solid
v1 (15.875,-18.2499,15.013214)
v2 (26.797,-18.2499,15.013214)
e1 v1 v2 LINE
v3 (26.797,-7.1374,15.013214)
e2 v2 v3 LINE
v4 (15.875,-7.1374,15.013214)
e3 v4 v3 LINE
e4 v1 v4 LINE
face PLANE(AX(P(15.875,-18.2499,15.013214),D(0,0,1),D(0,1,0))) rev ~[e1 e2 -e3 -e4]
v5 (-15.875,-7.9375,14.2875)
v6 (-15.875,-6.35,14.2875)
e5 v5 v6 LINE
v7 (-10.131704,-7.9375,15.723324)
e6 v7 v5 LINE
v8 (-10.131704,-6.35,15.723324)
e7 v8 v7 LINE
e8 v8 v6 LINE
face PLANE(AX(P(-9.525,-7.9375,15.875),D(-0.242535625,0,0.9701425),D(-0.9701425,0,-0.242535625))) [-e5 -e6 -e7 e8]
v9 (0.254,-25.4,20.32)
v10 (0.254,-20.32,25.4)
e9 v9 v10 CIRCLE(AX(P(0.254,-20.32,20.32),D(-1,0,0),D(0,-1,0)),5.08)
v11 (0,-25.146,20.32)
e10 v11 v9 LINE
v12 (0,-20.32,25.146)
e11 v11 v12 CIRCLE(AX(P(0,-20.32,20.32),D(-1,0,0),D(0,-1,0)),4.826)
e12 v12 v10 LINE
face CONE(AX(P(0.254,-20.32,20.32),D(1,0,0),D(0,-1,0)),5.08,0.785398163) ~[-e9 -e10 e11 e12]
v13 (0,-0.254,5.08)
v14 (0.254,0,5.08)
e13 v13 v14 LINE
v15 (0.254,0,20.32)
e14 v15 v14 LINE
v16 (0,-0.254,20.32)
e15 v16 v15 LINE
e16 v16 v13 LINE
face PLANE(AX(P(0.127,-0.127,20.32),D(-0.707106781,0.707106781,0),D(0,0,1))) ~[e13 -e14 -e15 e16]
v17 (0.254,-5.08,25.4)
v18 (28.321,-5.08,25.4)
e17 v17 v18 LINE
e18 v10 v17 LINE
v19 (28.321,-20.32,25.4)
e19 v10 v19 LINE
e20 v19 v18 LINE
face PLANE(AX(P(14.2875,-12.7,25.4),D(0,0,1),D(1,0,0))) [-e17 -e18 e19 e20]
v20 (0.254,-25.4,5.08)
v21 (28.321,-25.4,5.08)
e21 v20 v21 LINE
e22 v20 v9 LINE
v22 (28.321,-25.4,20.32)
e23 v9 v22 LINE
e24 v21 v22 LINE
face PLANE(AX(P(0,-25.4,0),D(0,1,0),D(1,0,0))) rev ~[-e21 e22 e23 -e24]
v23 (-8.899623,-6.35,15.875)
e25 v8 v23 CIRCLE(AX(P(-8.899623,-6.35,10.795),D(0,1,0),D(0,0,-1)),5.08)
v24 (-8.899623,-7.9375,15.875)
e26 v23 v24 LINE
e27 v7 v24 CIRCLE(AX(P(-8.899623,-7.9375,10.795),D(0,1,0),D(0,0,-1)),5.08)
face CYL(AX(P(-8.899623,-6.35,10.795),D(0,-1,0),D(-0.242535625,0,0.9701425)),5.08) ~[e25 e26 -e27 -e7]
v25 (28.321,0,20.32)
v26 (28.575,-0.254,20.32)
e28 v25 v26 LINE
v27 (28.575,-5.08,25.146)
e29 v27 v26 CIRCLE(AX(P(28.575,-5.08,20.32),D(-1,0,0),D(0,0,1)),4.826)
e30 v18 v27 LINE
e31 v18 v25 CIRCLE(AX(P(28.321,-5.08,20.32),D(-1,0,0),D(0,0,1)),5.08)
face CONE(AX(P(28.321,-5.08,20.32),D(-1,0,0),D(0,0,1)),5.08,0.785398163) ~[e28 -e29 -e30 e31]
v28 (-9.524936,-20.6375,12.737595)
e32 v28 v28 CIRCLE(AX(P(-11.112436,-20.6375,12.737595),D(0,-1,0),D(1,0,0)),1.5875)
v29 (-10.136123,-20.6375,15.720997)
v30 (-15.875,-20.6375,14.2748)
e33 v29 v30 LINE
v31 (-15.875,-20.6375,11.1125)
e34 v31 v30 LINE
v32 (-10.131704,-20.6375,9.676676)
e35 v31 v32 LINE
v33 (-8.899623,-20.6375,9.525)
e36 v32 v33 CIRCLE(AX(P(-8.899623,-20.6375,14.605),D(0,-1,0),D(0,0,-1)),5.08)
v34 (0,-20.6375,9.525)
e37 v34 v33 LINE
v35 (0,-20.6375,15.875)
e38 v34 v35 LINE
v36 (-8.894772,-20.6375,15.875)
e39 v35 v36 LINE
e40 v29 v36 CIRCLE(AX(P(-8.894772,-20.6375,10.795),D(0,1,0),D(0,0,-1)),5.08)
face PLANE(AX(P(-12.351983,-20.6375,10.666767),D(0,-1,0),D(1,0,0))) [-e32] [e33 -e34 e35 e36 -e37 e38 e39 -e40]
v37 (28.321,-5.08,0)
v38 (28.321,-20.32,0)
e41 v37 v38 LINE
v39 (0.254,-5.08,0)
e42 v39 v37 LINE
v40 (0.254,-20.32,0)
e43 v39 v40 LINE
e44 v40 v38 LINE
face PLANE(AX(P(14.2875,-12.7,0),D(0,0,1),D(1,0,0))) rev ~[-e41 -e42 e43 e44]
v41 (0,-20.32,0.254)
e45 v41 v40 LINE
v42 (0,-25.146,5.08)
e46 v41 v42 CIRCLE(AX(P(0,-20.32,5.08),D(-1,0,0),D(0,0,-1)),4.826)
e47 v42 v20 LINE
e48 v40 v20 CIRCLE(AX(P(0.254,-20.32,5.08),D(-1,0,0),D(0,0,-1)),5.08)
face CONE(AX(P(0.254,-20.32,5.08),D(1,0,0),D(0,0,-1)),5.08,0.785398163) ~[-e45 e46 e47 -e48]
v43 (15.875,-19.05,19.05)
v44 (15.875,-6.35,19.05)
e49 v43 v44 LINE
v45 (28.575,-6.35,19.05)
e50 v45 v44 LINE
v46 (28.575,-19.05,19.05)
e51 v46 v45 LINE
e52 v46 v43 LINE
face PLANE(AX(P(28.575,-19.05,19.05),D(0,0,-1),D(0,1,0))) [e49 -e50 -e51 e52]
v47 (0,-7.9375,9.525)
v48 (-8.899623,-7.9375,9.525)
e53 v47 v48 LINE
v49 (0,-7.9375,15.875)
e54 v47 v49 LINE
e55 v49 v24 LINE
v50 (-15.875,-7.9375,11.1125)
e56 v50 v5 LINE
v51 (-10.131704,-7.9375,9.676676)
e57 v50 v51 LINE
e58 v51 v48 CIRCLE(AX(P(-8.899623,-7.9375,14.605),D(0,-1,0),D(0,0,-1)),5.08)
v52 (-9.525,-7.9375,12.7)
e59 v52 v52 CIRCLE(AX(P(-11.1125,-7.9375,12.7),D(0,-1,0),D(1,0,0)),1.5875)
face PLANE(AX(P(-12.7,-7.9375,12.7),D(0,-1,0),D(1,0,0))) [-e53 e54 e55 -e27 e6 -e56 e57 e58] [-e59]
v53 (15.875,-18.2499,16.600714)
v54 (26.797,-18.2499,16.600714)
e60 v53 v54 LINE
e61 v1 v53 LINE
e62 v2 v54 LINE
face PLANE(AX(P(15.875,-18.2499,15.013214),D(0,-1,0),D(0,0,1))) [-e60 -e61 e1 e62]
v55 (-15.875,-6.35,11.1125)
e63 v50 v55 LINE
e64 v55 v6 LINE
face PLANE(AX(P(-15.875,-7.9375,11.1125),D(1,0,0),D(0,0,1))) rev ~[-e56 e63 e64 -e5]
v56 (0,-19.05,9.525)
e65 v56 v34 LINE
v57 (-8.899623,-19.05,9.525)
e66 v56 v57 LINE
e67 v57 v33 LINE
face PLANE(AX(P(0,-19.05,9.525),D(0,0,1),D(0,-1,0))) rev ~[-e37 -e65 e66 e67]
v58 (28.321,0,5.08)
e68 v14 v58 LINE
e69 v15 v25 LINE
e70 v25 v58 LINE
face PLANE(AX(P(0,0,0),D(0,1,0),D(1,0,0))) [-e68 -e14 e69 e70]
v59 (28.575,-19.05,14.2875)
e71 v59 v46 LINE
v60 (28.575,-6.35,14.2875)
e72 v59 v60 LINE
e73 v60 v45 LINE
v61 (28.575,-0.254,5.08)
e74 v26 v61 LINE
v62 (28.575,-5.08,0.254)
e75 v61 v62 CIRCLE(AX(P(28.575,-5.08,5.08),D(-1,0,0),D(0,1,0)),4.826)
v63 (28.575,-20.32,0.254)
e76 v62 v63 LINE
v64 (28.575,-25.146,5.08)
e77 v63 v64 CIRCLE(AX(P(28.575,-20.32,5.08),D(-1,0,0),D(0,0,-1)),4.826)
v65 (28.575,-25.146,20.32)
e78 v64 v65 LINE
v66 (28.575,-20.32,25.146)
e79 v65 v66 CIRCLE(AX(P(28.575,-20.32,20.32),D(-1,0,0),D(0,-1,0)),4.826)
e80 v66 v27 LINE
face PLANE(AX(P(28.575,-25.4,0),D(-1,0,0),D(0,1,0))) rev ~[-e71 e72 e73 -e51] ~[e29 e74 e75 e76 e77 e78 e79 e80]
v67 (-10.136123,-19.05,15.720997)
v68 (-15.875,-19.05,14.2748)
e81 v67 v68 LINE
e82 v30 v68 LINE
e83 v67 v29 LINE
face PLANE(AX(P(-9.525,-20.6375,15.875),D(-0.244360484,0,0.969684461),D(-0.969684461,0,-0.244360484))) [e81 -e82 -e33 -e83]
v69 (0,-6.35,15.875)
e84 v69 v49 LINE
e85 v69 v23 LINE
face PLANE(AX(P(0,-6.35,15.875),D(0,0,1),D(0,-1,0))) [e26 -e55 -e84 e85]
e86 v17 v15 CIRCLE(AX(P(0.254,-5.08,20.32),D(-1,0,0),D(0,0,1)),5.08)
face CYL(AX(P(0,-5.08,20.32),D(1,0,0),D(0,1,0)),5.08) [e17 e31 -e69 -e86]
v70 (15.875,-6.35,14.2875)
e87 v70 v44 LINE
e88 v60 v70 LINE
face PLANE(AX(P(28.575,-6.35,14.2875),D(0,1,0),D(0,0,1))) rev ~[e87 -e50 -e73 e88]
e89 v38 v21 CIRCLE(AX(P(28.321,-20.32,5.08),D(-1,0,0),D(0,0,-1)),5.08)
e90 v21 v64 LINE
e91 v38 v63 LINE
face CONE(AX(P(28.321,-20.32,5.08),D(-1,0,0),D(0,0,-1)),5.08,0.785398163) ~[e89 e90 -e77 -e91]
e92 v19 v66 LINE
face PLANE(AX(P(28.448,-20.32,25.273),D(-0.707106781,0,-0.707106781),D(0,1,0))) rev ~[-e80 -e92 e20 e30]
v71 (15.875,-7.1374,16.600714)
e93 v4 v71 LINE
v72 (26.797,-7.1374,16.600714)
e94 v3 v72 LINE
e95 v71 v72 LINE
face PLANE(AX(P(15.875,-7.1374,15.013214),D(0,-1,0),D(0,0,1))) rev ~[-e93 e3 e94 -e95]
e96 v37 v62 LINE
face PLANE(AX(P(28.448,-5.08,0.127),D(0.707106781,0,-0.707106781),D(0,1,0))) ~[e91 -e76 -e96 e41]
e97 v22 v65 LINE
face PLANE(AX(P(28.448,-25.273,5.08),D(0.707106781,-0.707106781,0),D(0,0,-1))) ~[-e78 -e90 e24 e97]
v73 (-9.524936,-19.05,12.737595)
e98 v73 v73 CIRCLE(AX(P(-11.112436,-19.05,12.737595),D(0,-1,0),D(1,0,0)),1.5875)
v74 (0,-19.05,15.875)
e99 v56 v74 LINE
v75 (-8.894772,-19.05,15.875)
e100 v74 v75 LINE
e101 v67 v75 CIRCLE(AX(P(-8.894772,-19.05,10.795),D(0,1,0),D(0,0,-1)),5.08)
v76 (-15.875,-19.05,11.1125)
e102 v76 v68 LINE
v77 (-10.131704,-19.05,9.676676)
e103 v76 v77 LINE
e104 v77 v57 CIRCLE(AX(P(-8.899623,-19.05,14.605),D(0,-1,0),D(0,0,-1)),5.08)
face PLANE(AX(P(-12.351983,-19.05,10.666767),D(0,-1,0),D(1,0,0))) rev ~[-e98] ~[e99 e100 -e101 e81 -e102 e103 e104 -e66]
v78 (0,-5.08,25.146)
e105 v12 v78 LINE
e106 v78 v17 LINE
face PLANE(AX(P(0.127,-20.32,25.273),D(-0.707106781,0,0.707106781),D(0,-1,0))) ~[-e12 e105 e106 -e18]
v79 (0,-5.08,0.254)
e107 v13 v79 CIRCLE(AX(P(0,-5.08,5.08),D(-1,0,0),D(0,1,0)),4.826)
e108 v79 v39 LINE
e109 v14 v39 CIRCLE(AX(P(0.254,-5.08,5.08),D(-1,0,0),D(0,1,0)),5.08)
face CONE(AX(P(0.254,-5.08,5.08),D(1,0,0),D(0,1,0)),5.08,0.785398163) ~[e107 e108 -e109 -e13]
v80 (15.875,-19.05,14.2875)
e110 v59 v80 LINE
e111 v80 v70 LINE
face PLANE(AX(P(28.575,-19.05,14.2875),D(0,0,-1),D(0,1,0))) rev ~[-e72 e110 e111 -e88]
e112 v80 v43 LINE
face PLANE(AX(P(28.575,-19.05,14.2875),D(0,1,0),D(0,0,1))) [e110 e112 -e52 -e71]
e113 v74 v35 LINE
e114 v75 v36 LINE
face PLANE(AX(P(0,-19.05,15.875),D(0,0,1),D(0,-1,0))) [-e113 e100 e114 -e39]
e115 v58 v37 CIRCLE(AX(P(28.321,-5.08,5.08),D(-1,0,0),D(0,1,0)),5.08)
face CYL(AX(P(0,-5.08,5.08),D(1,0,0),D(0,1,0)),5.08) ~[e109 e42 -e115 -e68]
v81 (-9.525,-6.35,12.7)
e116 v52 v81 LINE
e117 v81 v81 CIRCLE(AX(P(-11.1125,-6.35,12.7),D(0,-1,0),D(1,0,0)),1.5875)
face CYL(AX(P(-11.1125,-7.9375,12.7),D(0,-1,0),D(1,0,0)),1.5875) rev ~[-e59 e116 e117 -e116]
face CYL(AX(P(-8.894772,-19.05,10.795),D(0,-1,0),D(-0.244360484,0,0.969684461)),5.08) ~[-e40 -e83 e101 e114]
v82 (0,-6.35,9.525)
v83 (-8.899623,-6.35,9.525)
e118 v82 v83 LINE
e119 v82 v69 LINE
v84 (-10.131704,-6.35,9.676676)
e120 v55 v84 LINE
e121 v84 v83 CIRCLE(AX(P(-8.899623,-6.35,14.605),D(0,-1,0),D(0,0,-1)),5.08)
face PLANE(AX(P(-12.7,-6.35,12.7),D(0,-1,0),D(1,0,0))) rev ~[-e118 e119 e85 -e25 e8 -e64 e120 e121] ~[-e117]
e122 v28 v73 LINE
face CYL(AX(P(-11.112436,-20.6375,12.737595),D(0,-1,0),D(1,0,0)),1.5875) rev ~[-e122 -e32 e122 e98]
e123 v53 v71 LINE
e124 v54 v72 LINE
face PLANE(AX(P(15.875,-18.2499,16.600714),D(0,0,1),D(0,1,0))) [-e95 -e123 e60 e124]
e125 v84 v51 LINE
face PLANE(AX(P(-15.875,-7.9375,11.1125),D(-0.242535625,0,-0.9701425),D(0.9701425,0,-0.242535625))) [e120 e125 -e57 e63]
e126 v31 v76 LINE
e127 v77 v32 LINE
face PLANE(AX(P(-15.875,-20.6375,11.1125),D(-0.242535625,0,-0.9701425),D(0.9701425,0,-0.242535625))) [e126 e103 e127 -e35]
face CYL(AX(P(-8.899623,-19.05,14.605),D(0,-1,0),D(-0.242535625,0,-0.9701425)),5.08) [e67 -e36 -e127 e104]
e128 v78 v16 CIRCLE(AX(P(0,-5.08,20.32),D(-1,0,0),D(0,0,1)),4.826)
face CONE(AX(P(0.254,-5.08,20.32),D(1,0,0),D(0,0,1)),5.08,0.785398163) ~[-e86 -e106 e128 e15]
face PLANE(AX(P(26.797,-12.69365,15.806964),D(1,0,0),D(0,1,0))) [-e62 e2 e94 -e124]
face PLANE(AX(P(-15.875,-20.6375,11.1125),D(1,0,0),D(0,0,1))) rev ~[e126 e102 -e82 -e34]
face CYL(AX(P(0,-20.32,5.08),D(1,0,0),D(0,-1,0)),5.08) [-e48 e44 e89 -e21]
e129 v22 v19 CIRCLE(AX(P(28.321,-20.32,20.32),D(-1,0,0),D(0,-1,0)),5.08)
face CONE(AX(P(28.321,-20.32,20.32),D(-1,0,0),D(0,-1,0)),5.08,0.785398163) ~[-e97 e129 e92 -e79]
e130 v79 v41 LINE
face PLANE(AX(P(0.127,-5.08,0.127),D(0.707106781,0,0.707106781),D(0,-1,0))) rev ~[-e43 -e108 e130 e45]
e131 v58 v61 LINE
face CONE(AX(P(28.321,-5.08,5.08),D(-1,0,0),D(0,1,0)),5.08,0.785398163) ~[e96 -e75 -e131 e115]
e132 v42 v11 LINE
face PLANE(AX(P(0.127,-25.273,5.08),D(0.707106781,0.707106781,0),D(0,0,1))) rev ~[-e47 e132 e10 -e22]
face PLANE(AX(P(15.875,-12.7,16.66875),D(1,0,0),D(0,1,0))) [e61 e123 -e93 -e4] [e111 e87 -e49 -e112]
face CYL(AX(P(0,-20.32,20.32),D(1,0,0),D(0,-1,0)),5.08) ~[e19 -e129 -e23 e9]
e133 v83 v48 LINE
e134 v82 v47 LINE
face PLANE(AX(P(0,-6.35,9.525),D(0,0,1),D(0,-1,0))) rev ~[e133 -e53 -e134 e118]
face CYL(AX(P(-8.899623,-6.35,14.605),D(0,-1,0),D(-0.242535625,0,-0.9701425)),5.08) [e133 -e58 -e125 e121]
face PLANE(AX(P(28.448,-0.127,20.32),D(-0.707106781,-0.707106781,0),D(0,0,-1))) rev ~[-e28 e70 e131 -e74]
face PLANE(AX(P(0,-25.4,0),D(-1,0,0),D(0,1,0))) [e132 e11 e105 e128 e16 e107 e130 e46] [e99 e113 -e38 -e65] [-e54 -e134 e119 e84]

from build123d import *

# Parameters (mm, degrees)
F0_W      = 28.575
F0_H      = 25.4
F1_DEPTH  = 25.4
F2_R      = 5.08
F3_W      = 12.7
F3_H      = 4.7625
F4_DEPTH  = 12.7
F5_W      = 11.1125
F5_H      = 1.5875
F6_DEPTH  = 10.922
F7_W      = 1.5875
F7_H      = 6.35
F8_DEPTH  = 9.525
F9_W      = 6.35
F9_H      = 3.1623
F10_DEPTH = 1.5875
F11_R     = 1.5875
F12_DEPTH = 1.5875
F13_R     = 5.08
F14_W     = 1.5875
F14_H     = 6.35
F15_DEPTH = 9.525
F16_W     = 6.35
F16_H     = 3.175
F17_DEPTH = 1.5875
F18_R     = 1.5875
F19_DEPTH = 1.5875
F20_R     = 5.08
F21_SIZE  = 0.254
F22_SIZE  = 0.254


with BuildPart() as f1:
    # F0 (on Top) → F1 (new body)
    with BuildSketch(Plane.XY):
        with Locations((14.2875, -12.7)):
            Rectangle(F0_W, F0_H)
    extrude(amount=F1_DEPTH)

    # F2
    f2_edges = [f1.edges().sort_by_distance(p)[0] for p in [
        (14.2875, -25.4, 25.4),
        (14.2875, 0, 25.4),
        (14.2875, -25.4, 0),
        (14.2875, 0, 0),
    ]]
    fillet(f2_edges, radius=F2_R)

    # F3 (on face) → F4 (cut)
    with BuildSketch(Plane.YZ.offset(28.575)):
        with Locations((-12.7, 16.66875)):
            Rectangle(F3_W, F3_H)
    extrude(amount=-F4_DEPTH, mode=Mode.SUBTRACT)

    # F5 (on face) → F6 (join)
    with BuildSketch(Plane.YZ.offset(15.875)):
        with Locations((-12.69365, 15.8069642857)):
            Rectangle(F5_W, F5_H)
    extrude(amount=F6_DEPTH)

    # F7 (on face) → F8 (join)
    with BuildSketch(Plane(origin=(0, 0, 0), x_dir=(0, -1, 0), z_dir=(-1, 0, 0))):
        with Locations((19.84375, 12.7)):
            Rectangle(F7_W, F7_H)
    extrude(amount=F8_DEPTH)

    # F9 (on face) → F10 (join)
    with BuildSketch(Plane.XZ.offset(20.6375)):
        Polygon((-15.875, 11.1125), (-9.525, 9.525), (-9.525, 11.1125), align=None)
        with Locations((-12.7, 12.69365)):
            Rectangle(F9_W, F9_H)
        Polygon((-15.875, 14.2748), (-9.525, 14.2748), (-9.525, 15.875), align=None)
    extrude(amount=-F10_DEPTH)

    # F11 (on face) → F12 (cut)
    with BuildSketch(Plane.XZ.offset(20.6375)):
        with Locations((-11.1124364053, 12.7375950676)):
            Circle(F11_R)
    extrude(amount=-F12_DEPTH, mode=Mode.SUBTRACT)

    # F13
    f13_edges = [f1.edges().sort_by_distance(p)[0] for p in [
        (-9.525, -19.84375, 15.875),
        (-9.525, -19.84375, 9.525),
    ]]
    fillet(f13_edges, radius=F13_R)

    # F14 (on face) → F15 (join)
    with BuildSketch(Plane(origin=(0, 0, 0), x_dir=(0, -1, 0), z_dir=(-1, 0, 0))):
        with Locations((7.14375, 12.7)):
            Rectangle(F14_W, F14_H)
    extrude(amount=F15_DEPTH)

    # F16 (on face) → F17 (join)
    with BuildSketch(Plane.XZ.offset(7.9375)):
        with Locations((-12.7, 12.7)):
            Rectangle(F16_W, F16_H)
        Polygon((-9.525, 14.2875), (-9.525, 15.875), (-15.875, 14.2875), align=None)
        Polygon((-9.525, 9.525), (-9.525, 11.1125), (-15.875, 11.1125), align=None)
    extrude(amount=-F17_DEPTH)

    # F18 (on face) → F19 (cut)
    with BuildSketch(Plane.XZ.offset(7.9375)):
        with Locations((-11.1125, 12.7)):
            Circle(F18_R)
    extrude(amount=-F19_DEPTH, mode=Mode.SUBTRACT)

    # F20
    f20_edges = [f1.edges().sort_by_distance(p)[0] for p in [
        (-9.525, -7.14375, 15.875),
        (-9.525, -7.14375, 9.525),
    ]]
    fillet(f20_edges, radius=F20_R)

    # F21
    f21_edges = [f1.edges().sort_by_distance(p)[0] for p in [
        (28.575, -12.7, 25.4),
    ]]
    chamfer(f21_edges, length=F21_SIZE)

    # F22
    f22_edges = [f1.edges().sort_by_distance(p)[0] for p in [
        (0, -12.7, 25.4),
    ]]
    chamfer(f22_edges, length=F22_SIZE)


solid = f1.part
